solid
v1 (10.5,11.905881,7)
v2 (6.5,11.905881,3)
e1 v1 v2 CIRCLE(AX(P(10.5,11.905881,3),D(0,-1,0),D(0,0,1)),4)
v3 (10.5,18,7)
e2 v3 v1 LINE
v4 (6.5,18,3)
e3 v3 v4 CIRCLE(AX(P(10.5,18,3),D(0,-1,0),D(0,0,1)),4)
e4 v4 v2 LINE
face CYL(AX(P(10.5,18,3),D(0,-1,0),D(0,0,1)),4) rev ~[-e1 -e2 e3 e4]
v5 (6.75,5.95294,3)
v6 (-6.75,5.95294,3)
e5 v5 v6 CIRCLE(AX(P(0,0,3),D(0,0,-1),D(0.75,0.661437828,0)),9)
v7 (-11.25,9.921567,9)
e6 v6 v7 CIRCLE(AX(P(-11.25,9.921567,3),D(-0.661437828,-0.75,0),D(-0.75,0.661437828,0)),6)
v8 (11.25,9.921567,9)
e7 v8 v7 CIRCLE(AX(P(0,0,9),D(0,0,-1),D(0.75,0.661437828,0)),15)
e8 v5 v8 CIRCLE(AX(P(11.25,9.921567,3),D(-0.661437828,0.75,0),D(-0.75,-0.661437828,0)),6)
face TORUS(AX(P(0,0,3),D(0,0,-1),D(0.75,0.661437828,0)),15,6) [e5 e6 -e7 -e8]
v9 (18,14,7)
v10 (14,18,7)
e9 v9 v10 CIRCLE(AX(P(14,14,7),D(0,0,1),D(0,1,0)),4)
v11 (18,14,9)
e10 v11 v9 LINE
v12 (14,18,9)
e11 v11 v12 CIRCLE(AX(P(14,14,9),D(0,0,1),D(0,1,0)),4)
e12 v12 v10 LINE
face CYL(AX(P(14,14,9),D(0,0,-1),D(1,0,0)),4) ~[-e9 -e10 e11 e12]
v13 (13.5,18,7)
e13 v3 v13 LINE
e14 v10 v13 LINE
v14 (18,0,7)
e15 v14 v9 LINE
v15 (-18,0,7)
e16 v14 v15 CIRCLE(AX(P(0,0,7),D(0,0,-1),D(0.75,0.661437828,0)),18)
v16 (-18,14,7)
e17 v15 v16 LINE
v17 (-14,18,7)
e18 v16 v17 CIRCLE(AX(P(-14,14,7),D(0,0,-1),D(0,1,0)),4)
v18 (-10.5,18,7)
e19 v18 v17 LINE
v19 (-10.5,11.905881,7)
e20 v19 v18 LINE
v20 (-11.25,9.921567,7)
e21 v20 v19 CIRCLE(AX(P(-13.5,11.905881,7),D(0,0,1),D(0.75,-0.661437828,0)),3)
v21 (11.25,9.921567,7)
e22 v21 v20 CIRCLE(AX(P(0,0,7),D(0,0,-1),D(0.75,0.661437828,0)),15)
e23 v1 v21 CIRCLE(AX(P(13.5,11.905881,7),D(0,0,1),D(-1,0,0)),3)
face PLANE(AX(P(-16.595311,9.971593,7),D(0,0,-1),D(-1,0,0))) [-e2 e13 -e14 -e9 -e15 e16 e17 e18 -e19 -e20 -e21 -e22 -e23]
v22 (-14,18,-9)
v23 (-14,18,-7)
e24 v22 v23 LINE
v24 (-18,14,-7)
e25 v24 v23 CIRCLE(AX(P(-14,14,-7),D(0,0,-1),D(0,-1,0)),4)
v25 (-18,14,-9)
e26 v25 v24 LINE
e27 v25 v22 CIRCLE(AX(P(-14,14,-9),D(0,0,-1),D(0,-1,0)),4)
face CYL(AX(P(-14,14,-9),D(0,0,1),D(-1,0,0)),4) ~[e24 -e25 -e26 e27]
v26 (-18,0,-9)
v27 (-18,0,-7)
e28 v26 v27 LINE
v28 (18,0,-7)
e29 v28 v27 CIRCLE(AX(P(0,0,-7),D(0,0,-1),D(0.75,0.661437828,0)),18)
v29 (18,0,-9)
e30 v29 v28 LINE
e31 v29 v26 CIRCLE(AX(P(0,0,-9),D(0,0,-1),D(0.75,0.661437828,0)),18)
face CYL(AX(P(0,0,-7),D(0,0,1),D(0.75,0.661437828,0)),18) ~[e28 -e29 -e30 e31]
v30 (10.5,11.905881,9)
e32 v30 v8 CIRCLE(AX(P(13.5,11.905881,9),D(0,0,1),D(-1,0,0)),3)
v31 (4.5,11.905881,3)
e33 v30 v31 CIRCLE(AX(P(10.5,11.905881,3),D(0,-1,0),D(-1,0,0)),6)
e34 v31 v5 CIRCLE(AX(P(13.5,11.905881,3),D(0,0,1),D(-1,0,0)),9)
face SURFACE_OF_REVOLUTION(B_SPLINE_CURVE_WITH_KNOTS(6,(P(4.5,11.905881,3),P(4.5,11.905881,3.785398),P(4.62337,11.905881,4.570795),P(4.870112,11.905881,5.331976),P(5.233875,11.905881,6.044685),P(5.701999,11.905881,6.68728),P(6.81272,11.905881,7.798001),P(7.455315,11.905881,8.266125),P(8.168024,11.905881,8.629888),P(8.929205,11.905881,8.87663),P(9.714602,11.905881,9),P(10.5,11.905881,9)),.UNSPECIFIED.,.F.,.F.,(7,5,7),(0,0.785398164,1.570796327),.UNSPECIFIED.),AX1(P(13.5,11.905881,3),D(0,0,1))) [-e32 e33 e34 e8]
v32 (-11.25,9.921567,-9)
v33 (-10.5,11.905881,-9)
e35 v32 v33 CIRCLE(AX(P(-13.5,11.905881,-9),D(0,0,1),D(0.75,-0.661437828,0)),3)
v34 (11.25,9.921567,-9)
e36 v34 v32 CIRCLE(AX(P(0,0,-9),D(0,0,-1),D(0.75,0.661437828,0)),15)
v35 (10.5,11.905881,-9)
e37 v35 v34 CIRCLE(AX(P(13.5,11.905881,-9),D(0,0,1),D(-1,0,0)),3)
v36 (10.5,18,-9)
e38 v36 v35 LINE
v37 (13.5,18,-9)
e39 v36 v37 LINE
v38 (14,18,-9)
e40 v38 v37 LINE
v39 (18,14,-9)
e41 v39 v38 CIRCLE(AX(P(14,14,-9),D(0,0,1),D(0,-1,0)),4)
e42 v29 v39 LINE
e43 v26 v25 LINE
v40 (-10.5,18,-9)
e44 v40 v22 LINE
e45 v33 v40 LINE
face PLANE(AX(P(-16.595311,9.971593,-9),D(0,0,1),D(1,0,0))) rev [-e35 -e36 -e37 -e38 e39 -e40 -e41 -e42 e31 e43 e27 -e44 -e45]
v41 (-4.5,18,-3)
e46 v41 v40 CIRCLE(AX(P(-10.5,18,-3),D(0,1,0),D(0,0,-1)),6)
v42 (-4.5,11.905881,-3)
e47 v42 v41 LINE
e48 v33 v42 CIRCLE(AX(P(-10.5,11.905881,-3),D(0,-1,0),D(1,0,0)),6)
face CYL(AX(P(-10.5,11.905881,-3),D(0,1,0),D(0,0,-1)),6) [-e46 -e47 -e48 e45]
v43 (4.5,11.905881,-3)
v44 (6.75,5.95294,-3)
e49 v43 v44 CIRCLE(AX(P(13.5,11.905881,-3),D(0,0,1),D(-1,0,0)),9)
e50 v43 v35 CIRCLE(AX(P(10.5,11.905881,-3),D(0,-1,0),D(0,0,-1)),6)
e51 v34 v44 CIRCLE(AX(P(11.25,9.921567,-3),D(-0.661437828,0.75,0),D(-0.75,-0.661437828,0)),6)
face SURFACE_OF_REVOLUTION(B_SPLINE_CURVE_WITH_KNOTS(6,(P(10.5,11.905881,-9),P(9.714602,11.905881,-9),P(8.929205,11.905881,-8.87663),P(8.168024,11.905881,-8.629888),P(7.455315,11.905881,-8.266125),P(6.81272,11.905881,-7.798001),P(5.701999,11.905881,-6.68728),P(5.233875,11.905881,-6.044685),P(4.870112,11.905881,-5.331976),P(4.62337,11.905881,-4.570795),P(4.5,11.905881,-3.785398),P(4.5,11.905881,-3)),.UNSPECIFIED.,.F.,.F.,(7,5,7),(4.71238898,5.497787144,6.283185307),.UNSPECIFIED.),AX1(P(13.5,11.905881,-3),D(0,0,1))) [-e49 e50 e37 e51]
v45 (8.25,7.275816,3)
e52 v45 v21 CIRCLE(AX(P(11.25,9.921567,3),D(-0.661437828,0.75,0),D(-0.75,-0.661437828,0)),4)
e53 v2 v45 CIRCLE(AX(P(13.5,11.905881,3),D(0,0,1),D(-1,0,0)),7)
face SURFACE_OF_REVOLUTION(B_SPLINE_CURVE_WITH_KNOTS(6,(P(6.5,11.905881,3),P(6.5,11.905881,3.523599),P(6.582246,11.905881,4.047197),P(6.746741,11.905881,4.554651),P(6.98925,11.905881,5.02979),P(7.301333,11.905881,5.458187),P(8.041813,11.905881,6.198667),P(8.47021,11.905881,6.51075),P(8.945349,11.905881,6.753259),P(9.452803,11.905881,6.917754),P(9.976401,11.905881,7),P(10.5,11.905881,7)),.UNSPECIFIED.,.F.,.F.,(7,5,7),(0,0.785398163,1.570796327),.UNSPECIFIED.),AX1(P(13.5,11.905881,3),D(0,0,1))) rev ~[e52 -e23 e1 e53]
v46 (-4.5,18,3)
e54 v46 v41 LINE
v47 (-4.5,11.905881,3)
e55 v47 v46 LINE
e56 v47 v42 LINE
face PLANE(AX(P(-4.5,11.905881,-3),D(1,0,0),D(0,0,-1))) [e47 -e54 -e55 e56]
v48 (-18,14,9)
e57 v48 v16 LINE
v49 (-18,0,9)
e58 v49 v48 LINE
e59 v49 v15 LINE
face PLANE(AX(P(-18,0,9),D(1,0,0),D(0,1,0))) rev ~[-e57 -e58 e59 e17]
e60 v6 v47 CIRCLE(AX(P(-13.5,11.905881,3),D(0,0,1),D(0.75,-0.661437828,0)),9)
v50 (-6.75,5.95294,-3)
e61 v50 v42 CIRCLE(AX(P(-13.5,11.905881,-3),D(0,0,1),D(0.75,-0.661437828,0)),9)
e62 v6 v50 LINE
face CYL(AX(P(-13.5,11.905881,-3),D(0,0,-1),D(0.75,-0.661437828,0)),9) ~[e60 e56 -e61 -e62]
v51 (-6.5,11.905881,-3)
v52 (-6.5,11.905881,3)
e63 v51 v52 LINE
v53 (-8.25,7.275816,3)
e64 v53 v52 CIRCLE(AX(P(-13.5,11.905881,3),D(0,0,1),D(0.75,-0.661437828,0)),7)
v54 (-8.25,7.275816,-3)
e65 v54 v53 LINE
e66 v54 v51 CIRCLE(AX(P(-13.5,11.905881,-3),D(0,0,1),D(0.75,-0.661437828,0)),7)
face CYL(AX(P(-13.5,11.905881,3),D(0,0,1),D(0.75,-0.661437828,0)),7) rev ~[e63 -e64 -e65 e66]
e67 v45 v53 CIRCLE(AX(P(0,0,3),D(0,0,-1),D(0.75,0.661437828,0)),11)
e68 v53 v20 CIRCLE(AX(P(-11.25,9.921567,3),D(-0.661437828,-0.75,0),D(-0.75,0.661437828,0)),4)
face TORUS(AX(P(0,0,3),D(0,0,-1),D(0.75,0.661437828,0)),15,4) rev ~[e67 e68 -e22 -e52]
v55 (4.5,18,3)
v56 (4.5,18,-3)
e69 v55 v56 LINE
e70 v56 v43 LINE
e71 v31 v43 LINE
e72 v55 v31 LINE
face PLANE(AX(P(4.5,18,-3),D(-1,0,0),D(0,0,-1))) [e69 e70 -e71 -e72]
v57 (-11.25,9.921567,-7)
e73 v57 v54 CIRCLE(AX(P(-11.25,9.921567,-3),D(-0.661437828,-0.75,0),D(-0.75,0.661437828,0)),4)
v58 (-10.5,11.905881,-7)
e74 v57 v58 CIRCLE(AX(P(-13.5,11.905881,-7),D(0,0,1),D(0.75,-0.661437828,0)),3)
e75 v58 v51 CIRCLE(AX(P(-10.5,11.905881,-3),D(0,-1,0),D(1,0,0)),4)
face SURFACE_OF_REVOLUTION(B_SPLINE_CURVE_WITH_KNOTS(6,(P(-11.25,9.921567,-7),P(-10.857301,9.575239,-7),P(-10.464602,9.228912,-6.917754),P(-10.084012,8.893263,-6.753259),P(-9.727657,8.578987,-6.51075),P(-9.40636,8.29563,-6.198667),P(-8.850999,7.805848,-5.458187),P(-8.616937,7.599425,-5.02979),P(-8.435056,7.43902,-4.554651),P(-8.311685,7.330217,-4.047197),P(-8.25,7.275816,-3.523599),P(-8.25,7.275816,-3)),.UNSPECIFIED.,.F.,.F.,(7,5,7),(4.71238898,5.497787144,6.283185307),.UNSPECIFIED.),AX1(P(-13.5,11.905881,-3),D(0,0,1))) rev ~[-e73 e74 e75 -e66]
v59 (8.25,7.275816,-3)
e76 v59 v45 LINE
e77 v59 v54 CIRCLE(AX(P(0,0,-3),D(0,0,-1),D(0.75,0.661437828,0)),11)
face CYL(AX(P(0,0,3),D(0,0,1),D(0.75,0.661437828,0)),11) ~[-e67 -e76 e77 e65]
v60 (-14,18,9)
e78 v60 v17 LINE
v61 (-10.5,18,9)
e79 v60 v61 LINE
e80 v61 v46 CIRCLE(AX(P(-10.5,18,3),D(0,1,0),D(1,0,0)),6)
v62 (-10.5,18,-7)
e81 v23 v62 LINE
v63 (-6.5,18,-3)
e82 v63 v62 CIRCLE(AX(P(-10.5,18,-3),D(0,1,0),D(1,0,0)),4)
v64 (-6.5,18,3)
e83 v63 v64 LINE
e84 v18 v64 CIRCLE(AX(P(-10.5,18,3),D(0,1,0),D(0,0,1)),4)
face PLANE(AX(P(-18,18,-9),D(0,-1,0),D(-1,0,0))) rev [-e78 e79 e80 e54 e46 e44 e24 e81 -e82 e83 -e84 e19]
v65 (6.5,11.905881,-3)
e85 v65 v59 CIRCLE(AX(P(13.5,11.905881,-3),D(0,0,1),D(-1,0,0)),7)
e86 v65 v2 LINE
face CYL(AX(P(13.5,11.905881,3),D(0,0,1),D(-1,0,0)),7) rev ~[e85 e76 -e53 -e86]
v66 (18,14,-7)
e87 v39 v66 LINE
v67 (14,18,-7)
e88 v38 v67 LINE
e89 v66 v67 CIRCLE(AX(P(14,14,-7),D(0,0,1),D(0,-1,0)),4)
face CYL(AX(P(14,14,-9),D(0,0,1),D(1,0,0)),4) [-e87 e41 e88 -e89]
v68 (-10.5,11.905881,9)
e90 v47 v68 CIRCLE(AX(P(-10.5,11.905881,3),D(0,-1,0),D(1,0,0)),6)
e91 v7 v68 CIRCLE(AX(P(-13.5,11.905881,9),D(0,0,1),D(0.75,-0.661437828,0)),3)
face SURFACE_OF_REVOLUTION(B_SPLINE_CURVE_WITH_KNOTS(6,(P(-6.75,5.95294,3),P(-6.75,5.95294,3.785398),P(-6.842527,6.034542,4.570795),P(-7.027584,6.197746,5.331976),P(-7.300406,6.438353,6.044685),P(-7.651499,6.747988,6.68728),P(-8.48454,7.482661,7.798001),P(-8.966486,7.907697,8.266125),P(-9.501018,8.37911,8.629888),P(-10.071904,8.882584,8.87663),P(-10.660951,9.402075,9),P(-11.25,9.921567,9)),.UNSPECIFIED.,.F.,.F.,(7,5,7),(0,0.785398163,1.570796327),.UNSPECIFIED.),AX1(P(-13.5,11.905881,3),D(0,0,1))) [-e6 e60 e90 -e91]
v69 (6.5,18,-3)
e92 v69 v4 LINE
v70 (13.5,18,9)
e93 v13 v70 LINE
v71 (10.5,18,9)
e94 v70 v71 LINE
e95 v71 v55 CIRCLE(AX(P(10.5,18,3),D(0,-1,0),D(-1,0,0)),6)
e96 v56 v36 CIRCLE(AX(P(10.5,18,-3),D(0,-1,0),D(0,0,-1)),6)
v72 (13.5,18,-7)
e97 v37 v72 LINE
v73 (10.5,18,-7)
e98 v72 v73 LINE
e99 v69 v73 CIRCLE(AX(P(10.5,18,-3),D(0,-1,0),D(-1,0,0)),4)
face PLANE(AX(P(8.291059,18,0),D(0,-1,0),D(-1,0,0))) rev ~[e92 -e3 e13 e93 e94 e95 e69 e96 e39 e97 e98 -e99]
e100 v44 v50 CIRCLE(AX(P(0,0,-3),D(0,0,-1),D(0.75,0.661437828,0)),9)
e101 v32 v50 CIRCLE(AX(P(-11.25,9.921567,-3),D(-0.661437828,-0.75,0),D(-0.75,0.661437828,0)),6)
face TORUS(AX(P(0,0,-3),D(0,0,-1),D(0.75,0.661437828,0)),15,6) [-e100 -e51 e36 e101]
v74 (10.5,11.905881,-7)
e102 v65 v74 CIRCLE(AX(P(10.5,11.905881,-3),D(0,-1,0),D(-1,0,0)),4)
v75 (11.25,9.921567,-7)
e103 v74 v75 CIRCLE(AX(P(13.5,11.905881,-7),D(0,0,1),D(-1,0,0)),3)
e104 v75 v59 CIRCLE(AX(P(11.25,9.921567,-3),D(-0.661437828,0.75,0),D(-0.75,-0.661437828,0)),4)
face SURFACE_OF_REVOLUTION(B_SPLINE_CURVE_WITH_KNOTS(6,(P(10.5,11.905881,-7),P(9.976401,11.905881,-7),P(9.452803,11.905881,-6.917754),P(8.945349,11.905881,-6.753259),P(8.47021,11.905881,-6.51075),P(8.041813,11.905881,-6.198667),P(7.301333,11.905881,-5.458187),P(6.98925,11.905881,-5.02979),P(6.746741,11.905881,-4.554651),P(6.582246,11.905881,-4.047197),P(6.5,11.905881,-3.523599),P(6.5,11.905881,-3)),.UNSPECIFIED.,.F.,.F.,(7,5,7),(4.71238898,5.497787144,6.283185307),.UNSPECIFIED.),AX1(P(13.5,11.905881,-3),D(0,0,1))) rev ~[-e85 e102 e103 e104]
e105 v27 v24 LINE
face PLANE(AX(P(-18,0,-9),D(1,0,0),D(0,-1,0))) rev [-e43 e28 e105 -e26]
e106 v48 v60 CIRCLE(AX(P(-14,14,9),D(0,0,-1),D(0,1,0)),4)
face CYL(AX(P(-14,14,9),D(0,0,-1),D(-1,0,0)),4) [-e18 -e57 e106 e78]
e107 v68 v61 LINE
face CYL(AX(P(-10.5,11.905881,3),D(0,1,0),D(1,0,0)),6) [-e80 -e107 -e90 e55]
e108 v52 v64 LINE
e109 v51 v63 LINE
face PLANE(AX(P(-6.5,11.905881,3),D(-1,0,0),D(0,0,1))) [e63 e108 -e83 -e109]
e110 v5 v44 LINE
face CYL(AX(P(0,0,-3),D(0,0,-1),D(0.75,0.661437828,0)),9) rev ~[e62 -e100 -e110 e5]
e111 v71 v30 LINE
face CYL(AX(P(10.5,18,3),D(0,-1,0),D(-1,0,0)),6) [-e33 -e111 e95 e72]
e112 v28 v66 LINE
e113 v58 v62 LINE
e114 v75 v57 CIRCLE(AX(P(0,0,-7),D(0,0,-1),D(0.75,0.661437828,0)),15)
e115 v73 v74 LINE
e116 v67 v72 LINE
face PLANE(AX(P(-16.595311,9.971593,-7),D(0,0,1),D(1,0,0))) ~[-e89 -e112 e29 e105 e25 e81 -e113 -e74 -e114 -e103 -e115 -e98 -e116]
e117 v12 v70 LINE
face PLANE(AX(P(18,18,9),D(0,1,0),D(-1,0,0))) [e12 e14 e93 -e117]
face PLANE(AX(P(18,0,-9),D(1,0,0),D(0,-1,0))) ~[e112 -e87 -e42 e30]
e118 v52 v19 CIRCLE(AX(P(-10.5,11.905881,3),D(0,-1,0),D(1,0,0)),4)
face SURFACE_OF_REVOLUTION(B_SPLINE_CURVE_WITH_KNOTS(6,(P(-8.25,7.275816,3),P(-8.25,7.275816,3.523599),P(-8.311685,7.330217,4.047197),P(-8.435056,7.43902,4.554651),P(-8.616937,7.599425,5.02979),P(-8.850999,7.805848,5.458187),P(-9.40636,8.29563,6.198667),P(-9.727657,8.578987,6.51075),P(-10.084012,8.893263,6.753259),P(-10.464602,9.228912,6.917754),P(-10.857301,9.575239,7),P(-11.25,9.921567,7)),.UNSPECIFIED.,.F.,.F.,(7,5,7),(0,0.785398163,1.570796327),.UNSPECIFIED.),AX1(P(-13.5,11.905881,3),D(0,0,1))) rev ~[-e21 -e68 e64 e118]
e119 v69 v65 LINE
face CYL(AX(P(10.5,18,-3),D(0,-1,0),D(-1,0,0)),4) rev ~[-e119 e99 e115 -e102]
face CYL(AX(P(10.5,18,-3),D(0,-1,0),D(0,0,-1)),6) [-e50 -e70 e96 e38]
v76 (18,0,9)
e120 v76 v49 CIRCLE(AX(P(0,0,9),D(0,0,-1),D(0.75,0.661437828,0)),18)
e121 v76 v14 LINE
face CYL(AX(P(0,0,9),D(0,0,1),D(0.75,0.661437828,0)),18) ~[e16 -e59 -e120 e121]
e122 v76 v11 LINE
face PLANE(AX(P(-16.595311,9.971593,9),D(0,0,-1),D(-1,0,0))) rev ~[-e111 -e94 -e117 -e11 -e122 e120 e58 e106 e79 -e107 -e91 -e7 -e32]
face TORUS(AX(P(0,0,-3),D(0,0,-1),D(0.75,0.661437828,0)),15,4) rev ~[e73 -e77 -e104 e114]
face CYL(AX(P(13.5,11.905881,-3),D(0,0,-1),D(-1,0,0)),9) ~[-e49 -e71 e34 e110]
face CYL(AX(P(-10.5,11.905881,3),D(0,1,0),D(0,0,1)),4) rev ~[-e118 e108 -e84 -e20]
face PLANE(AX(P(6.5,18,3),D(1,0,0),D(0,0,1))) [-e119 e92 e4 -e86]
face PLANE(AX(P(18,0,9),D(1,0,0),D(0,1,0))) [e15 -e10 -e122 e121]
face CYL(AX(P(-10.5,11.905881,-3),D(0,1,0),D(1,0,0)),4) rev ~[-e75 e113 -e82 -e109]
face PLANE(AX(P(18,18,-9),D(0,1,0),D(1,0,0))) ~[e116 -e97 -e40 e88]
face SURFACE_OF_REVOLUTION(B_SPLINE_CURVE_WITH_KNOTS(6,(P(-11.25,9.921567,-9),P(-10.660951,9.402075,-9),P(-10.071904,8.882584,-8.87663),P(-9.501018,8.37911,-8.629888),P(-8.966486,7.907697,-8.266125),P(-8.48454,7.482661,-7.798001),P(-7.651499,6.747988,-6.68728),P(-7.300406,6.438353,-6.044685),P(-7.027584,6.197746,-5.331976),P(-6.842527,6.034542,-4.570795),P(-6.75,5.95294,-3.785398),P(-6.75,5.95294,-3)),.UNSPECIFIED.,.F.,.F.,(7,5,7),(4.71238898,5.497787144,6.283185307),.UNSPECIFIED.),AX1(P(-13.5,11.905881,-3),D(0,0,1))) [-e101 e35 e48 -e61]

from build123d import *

# Parameters (mm, degrees)
BOSS_EXTRUDE1_DEPTH = 2
FILLET1_R           = 4


with BuildPart() as part:
    # Sweep3: sweep along a path in Sketch1
    with BuildLine(Plane.XY) as sweep3_path:
        Line((4.5, 18), (4.5, 11.9058809))
        ThreePointArc((4.5, 11.9058809), (5.08127088, 8.723900384), (6.75, 5.95294045))
        ThreePointArc((6.75, 5.95294045), (0, -9), (-6.75, 5.95294045))
        ThreePointArc((-6.75, 5.95294045), (-5.08127088, 8.723900384), (-4.5, 11.9058809))
        Line((-4.5, 11.9058809), (-4.5, 18))
    # Sketch2 → Sweep3 (sweep)
    with BuildSketch(Plane(origin=(-4.5, 18, 0), x_dir=(1, 0, 0), z_dir=(0, 1, 0))):
        with BuildLine():
            Line((0, 3), (0, -3))
            ThreePointArc((0, -3), (-1.757359313, -7.242640687), (-6, -9))
            Line((-6, -9), (-9, -9))
            Line((-9, -9), (-9, -7))
            Line((-9, -7), (-6, -7))
            ThreePointArc((-6, -7), (-3.171572875, -5.828427125), (-2, -3))
            Line((-2, -3), (-2, 3))
            ThreePointArc((-2, 3), (-3.171572875, 5.828427125), (-6, 7))
            Line((-6, 7), (-9, 7))
            Line((-9, 7), (-9, 9))
            Line((-9, 9), (-6, 9))
            ThreePointArc((-6, 9), (-1.757359313, 7.242640687), (0, 3))
        make_face()
    sweep(path=sweep3_path.line)

    # Sketch3 → Boss-Extrude1 (add)
    with BuildSketch(Plane.XY.offset(9)):
        with BuildLine():
            ThreePointArc((-13.5, 11.9058809), (-16.83745824, 6.363961031), (-18, 0))
            Line((-18, 0), (-18, 18))
            Line((-18, 18), (-13.5, 18))
            Line((-13.5, 18), (-13.5, 11.9058809))
        make_face()
        with BuildLine():
            Line((13.5, 18), (13.5, 11.9058809))
            ThreePointArc((13.5, 11.9058809), (16.83745824, 6.363961031), (18, 0))
            Line((18, 0), (18, 18))
            Line((18, 18), (13.5, 18))
        make_face()
    boss_extrude1 = extrude(amount=-BOSS_EXTRUDE1_DEPTH)

    # Mirror2: Boss-Extrude1 across plane
    add(boss_extrude1.mirror(Plane.XY))

    # Fillet1
    fillet1_edges = [part.edges().sort_by_distance(p)[0] for p in [
        (-18, 18, 8),
        (18, 18, 8),
        (-18, 18, -8),
        (18, 18, -8),
    ]]
    fillet(fillet1_edges, radius=FILLET1_R)


solid = part.part
